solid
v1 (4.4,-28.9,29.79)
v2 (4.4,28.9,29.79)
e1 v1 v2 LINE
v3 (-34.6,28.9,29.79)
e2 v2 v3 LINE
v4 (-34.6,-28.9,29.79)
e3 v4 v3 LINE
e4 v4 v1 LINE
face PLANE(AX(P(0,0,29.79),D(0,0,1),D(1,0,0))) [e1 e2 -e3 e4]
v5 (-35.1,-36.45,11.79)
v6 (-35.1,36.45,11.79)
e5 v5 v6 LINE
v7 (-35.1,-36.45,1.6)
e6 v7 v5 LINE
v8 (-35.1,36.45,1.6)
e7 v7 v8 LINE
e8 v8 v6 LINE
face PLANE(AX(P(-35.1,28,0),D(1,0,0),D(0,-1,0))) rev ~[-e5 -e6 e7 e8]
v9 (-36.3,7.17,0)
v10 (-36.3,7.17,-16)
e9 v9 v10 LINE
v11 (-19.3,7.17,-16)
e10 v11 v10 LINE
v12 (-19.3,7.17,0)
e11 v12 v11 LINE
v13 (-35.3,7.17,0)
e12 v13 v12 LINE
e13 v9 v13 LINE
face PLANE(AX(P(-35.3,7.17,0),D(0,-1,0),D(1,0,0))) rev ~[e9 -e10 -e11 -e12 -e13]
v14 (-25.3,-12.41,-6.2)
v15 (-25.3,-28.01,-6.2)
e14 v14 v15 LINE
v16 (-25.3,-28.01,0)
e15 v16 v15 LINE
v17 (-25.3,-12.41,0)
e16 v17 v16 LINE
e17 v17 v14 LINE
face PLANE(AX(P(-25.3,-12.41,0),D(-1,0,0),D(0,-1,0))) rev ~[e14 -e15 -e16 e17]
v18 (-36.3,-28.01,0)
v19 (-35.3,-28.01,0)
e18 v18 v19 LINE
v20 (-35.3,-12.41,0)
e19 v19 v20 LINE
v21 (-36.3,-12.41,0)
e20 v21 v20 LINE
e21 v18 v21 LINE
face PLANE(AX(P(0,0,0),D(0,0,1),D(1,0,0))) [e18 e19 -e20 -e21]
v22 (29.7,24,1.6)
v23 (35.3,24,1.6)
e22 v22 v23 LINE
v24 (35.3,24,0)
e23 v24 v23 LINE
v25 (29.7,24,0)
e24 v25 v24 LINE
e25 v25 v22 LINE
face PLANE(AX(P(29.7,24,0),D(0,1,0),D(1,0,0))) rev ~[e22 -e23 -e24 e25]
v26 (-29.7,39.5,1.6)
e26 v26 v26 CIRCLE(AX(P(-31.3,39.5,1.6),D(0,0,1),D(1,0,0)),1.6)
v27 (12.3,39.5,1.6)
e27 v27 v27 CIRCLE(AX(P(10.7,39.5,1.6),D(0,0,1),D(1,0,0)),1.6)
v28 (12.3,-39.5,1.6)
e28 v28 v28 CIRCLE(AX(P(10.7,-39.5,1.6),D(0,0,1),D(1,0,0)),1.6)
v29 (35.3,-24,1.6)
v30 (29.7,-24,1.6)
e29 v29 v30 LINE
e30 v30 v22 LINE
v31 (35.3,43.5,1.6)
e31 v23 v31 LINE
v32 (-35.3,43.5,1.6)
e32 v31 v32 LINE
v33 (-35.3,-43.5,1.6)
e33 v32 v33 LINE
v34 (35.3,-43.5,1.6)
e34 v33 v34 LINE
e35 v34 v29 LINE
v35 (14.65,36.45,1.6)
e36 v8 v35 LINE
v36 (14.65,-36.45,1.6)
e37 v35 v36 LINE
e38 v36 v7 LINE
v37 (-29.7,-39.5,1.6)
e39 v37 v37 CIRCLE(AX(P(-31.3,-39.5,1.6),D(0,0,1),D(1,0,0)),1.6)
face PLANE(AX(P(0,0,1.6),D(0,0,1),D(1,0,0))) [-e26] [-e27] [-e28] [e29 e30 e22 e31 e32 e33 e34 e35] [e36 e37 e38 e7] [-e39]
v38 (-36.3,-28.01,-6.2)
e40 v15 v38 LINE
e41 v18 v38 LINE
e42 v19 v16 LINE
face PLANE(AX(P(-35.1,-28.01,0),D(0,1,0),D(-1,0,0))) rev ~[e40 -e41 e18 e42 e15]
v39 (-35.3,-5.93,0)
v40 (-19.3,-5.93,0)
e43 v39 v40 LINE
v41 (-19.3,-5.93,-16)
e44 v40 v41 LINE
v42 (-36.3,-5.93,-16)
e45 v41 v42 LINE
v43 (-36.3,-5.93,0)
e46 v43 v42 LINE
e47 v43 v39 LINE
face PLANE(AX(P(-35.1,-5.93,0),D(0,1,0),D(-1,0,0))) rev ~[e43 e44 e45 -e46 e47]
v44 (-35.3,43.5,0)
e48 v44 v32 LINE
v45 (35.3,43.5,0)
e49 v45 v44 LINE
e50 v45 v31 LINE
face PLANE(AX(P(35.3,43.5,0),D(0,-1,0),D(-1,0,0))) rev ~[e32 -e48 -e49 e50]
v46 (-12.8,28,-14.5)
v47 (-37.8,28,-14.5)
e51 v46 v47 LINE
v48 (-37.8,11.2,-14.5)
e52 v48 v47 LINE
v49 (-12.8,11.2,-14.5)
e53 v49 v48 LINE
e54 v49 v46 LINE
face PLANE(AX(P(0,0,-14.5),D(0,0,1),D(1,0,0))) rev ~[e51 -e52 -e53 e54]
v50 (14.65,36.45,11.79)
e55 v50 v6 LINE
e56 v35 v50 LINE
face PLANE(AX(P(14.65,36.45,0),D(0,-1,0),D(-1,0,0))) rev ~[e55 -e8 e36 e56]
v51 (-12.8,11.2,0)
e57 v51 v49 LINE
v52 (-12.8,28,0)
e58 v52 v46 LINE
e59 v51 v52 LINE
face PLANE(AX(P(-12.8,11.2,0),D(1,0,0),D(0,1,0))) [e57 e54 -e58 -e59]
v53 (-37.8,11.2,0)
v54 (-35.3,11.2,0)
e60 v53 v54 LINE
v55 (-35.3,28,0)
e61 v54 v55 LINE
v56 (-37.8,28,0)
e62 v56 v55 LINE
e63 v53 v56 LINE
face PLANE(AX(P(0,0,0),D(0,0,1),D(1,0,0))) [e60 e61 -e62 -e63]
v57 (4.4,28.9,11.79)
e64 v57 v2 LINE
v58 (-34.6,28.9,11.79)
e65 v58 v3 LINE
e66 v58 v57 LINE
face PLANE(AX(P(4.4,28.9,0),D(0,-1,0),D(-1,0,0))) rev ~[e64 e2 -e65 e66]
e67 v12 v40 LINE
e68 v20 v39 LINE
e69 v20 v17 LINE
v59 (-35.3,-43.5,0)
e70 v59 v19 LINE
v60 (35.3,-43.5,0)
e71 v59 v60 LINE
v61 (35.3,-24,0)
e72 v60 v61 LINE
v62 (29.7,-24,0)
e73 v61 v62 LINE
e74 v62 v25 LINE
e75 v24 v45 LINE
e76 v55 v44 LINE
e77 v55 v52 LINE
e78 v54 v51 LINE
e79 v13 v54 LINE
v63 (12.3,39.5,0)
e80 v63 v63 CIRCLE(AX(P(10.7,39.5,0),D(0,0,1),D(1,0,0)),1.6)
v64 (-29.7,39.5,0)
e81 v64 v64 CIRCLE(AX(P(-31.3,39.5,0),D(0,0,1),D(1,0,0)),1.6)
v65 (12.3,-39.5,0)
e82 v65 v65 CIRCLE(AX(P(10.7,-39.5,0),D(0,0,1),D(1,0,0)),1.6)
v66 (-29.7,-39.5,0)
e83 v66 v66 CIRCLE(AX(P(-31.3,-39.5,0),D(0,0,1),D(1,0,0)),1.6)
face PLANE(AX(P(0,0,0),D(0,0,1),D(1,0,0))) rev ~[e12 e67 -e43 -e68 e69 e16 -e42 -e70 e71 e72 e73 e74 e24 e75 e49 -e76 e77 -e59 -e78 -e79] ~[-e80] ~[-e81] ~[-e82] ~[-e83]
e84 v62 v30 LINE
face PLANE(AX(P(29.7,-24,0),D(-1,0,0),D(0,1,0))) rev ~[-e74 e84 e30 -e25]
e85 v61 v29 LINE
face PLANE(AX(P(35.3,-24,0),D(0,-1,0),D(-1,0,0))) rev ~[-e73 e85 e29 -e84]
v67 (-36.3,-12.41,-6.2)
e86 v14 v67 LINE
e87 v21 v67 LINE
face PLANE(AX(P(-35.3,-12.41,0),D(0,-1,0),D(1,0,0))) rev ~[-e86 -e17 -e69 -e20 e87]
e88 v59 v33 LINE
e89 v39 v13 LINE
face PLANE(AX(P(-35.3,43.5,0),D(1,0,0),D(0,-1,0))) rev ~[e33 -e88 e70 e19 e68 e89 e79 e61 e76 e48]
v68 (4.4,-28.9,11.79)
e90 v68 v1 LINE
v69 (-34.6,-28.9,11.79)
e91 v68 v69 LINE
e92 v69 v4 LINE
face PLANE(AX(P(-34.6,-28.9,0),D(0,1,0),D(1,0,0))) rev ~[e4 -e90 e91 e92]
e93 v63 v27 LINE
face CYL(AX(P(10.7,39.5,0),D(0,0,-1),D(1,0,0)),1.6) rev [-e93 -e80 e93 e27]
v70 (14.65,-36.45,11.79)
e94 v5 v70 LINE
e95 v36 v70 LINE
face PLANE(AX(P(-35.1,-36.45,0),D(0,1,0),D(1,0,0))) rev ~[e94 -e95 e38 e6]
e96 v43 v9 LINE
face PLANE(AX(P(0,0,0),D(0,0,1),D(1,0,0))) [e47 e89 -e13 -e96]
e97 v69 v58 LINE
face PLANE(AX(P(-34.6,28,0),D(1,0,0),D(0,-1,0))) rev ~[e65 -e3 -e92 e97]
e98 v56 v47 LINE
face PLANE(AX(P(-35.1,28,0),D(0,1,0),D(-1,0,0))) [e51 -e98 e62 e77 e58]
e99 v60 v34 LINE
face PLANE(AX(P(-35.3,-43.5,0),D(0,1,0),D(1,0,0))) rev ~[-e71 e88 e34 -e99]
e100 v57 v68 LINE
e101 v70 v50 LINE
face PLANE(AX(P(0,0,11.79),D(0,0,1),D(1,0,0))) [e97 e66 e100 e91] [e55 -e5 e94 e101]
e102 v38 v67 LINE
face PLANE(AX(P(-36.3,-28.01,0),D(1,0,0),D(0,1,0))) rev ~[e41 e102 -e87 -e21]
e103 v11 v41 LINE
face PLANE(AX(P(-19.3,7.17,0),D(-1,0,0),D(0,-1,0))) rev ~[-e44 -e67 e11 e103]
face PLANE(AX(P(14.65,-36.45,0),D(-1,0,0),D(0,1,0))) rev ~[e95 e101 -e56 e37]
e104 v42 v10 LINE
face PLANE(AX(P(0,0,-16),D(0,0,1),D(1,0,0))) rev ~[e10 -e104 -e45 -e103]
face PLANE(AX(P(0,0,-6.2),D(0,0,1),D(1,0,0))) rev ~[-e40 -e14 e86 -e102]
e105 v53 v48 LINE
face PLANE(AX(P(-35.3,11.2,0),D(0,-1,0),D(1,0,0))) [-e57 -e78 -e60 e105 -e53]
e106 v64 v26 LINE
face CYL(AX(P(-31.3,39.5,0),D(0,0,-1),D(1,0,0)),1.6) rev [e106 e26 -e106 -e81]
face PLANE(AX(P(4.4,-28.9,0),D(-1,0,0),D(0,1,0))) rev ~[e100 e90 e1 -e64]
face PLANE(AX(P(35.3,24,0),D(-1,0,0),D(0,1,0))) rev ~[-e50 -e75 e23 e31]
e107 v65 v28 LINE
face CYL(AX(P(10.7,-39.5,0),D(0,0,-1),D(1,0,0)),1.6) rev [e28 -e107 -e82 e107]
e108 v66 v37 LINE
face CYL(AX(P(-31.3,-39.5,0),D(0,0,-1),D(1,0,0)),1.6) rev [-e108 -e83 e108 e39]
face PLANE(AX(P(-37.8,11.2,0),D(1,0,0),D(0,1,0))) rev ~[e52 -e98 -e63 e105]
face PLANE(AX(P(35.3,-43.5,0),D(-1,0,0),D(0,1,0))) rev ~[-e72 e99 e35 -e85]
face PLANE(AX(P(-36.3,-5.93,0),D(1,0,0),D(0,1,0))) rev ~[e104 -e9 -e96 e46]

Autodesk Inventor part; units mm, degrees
ref_plane "YZ Plane" through (0, 0, 0) normal (1, 0, 0) x (0, 1, 0)
ref_plane "XZ Plane" through (0, 0, 0) normal (0, 1, 0) x (-1, 0, 0)
ref_plane "XY Plane" through (0, 0, 0) normal (0, 0, 1) x (1, 0, 0)
sketch "スケッチ1" plane through (0, 0, 0) normal (0, 0, 1) x (1, 0, 0)
  line L0 (35.3, 43.5) -> (-35.3, 43.5)
  line L1 (-35.3, 43.5) -> (-35.3, -43.5)
  line L2 (-35.3, -43.5) -> (35.3, -43.5)
  line L3 (35.3, 43.5) -> (-35.3, -43.5) construction
  line L4 (-35.3, 43.5) -> (35.3, -43.5) construction
  circle A0 centre (-31.3, -39.5) radius 1.6
  circle A1 centre (10.7, -39.5) radius 1.6
  line L5 (29.7, 0) -> (-35.3, 0) construction
  circle A2 centre (-31.3, 39.5) radius 1.6
  circle A3 centre (10.7, 39.5) radius 1.6
  line L6 (14.65, 36.45) -> (-35.1, 36.45)
  line L7 (-35.1, 36.45) -> (-35.1, -36.45)
  line L8 (-35.1, -36.45) -> (14.65, -36.45)
  line L9 (14.65, -36.45) -> (14.65, 36.45)
  line L10 (14.65, 36.45) -> (-35.1, -36.45) construction
  line L11 (-35.1, 36.45) -> (14.65, -36.45) construction
  line L12 (35.3, -24) -> (29.7, -24)
  line L13 (29.7, -24) -> (29.7, 24)
  line L14 (29.7, 24) -> (35.3, 24)
  line L15 (35.3, -43.5) -> (35.3, -24)
  line L16 (35.3, 24) -> (35.3, 43.5)
  line L17 (4.4, 28.9) -> (-34.6, 28.9)
  line L18 (-34.6, 28.9) -> (-34.6, -28.9)
  line L19 (-34.6, -28.9) -> (4.4, -28.9)
  line L20 (4.4, -28.9) -> (4.4, 28.9)
  line L21 (4.4, 28.9) -> (-34.6, -28.9) construction
  line L22 (-34.6, 28.9) -> (4.4, -28.9) construction
  line L23 (-35.3, 11.2) -> (-12.8, 11.2)
  line L24 (-12.8, 11.2) -> (-12.8, 28)
  line L25 (-12.8, 28) -> (-35.3, 28)
  line L26 (-35.3, 11.2) -> (-37.8, 11.2)
  line L27 (-37.8, 11.2) -> (-37.8, 28)
  line L28 (-37.8, 28) -> (-35.3, 28)
  line L29 (-36.3, 7.17) -> (-19.3, 7.17)
  line L30 (-19.3, 7.17) -> (-19.3, -5.93)
  line L31 (-19.3, -5.93) -> (-36.3, -5.93)
  line L32 (-36.3, -5.93) -> (-36.3, 7.17)
  line L33 (-36.3, -12.41) -> (-25.3, -12.41)
  line L34 (-25.3, -12.41) -> (-25.3, -28.01)
  line L35 (-25.3, -28.01) -> (-36.3, -28.01)
  line L36 (-36.3, -28.01) -> (-36.3, -12.41)
  point P0 (0, 0)
  point P1 (-10.225, 0)
  point P2 (-10.225, 0)
  point P3 (-15.1, 0)
  dimension "d0" = 70.6
  dimension "d1" = 87
  dimension "d2" = 3.2
  dimension "d3" = 3.2
  dimension "d4" = 4
  dimension "d5" = 46
  dimension "d6" = 4
  dimension "d7" = 4
  dimension "d8" = 49.75
  dimension "d9" = 72.9
  dimension "d10" = 0.2
  dimension "d11" = 19.5
  dimension "d12" = 5.6
  dimension "d13" = 39
  dimension "d14" = 57.8
  dimension "d15" = 7.55
  dimension "d16" = 0.5
  dimension "d23" = 22.5
  dimension "d24" = 16.8
  dimension "d26" = 2.5
  dimension "d27" = 13.1
  dimension "d28" = 16
  dimension "d29" = 1
  dimension "d37" = 11
  dimension "d38" = 15.6
  dimension "d42" = 15.5
  dimension "d43" = 4.03
  dimension "d44" = 6.48
extrude "押し出し1" add sketch "スケッチ1" along normal blind 1.6 contours L16 L14 L13 L12 L15 L2 L1 L35 L7 L8 L9 L6 L25 L0 | L25 L7 L23 L1 | L23 L7 L29 L1 | L25 L18 L23 L7 | L7 L6 L9 L8 L35 L18 L19 L20 L17 L25 | L29 L7 L31 L1 | L23 L18 L29 L7 | L25 L24 L23 L18 | L18 L17 L20 L19 L35 L34 L33 L31 L30 L29 L23 L24 L25 | L31 L7 L33 L1 | L29 L18 L31 L7 | L33 L7 L35 L1 | L31 L18 L33 L7 | L29 L30 L31 L18 | L33 L18 L35 L7 | L33 L34 L35 L18
extrude "押し出し2" add sketch "スケッチ1" along normal blind 11.79 contours L25 L18 L23 L7 | L7 L6 L9 L8 L35 L18 L19 L20 L17 L25 | L23 L18 L29 L7 | L25 L24 L23 L18 | L18 L17 L20 L19 L35 L34 L33 L31 L30 L29 L23 L24 L25 | L29 L18 L31 L7 | L31 L18 L33 L7 | L29 L30 L31 L18 | L33 L18 L35 L7 | L33 L34 L35 L18
extrude "押し出し3" add sketch "スケッチ1" along normal blind 29.79 contours L25 L24 L23 L18 | L18 L17 L20 L19 L35 L34 L33 L31 L30 L29 L23 L24 L25 | L29 L30 L31 L18 | L33 L34 L35 L18
extrude "押し出し4" add sketch "スケッチ1" against normal blind 14.5 contours L25 L7 L23 L1 | L1 L26 L27 L28 | L25 L18 L23 L7 | L25 L24 L23 L18
extrude "押し出し5" add sketch "スケッチ1" against normal blind 16 contours L29 L7 L31 L1 | L1 L31 L32 L29 | L29 L18 L31 L7 | L29 L30 L31 L18
extrude "押し出し6" add sketch "スケッチ1" against normal blind 6.2 contours L33 L7 L35 L1 | L1 L35 L36 L33 | L33 L18 L35 L7 | L33 L34 L35 L18
equation "\"d7\" = d6"
properties part number "JetsonXavierNX_and_EN715"
